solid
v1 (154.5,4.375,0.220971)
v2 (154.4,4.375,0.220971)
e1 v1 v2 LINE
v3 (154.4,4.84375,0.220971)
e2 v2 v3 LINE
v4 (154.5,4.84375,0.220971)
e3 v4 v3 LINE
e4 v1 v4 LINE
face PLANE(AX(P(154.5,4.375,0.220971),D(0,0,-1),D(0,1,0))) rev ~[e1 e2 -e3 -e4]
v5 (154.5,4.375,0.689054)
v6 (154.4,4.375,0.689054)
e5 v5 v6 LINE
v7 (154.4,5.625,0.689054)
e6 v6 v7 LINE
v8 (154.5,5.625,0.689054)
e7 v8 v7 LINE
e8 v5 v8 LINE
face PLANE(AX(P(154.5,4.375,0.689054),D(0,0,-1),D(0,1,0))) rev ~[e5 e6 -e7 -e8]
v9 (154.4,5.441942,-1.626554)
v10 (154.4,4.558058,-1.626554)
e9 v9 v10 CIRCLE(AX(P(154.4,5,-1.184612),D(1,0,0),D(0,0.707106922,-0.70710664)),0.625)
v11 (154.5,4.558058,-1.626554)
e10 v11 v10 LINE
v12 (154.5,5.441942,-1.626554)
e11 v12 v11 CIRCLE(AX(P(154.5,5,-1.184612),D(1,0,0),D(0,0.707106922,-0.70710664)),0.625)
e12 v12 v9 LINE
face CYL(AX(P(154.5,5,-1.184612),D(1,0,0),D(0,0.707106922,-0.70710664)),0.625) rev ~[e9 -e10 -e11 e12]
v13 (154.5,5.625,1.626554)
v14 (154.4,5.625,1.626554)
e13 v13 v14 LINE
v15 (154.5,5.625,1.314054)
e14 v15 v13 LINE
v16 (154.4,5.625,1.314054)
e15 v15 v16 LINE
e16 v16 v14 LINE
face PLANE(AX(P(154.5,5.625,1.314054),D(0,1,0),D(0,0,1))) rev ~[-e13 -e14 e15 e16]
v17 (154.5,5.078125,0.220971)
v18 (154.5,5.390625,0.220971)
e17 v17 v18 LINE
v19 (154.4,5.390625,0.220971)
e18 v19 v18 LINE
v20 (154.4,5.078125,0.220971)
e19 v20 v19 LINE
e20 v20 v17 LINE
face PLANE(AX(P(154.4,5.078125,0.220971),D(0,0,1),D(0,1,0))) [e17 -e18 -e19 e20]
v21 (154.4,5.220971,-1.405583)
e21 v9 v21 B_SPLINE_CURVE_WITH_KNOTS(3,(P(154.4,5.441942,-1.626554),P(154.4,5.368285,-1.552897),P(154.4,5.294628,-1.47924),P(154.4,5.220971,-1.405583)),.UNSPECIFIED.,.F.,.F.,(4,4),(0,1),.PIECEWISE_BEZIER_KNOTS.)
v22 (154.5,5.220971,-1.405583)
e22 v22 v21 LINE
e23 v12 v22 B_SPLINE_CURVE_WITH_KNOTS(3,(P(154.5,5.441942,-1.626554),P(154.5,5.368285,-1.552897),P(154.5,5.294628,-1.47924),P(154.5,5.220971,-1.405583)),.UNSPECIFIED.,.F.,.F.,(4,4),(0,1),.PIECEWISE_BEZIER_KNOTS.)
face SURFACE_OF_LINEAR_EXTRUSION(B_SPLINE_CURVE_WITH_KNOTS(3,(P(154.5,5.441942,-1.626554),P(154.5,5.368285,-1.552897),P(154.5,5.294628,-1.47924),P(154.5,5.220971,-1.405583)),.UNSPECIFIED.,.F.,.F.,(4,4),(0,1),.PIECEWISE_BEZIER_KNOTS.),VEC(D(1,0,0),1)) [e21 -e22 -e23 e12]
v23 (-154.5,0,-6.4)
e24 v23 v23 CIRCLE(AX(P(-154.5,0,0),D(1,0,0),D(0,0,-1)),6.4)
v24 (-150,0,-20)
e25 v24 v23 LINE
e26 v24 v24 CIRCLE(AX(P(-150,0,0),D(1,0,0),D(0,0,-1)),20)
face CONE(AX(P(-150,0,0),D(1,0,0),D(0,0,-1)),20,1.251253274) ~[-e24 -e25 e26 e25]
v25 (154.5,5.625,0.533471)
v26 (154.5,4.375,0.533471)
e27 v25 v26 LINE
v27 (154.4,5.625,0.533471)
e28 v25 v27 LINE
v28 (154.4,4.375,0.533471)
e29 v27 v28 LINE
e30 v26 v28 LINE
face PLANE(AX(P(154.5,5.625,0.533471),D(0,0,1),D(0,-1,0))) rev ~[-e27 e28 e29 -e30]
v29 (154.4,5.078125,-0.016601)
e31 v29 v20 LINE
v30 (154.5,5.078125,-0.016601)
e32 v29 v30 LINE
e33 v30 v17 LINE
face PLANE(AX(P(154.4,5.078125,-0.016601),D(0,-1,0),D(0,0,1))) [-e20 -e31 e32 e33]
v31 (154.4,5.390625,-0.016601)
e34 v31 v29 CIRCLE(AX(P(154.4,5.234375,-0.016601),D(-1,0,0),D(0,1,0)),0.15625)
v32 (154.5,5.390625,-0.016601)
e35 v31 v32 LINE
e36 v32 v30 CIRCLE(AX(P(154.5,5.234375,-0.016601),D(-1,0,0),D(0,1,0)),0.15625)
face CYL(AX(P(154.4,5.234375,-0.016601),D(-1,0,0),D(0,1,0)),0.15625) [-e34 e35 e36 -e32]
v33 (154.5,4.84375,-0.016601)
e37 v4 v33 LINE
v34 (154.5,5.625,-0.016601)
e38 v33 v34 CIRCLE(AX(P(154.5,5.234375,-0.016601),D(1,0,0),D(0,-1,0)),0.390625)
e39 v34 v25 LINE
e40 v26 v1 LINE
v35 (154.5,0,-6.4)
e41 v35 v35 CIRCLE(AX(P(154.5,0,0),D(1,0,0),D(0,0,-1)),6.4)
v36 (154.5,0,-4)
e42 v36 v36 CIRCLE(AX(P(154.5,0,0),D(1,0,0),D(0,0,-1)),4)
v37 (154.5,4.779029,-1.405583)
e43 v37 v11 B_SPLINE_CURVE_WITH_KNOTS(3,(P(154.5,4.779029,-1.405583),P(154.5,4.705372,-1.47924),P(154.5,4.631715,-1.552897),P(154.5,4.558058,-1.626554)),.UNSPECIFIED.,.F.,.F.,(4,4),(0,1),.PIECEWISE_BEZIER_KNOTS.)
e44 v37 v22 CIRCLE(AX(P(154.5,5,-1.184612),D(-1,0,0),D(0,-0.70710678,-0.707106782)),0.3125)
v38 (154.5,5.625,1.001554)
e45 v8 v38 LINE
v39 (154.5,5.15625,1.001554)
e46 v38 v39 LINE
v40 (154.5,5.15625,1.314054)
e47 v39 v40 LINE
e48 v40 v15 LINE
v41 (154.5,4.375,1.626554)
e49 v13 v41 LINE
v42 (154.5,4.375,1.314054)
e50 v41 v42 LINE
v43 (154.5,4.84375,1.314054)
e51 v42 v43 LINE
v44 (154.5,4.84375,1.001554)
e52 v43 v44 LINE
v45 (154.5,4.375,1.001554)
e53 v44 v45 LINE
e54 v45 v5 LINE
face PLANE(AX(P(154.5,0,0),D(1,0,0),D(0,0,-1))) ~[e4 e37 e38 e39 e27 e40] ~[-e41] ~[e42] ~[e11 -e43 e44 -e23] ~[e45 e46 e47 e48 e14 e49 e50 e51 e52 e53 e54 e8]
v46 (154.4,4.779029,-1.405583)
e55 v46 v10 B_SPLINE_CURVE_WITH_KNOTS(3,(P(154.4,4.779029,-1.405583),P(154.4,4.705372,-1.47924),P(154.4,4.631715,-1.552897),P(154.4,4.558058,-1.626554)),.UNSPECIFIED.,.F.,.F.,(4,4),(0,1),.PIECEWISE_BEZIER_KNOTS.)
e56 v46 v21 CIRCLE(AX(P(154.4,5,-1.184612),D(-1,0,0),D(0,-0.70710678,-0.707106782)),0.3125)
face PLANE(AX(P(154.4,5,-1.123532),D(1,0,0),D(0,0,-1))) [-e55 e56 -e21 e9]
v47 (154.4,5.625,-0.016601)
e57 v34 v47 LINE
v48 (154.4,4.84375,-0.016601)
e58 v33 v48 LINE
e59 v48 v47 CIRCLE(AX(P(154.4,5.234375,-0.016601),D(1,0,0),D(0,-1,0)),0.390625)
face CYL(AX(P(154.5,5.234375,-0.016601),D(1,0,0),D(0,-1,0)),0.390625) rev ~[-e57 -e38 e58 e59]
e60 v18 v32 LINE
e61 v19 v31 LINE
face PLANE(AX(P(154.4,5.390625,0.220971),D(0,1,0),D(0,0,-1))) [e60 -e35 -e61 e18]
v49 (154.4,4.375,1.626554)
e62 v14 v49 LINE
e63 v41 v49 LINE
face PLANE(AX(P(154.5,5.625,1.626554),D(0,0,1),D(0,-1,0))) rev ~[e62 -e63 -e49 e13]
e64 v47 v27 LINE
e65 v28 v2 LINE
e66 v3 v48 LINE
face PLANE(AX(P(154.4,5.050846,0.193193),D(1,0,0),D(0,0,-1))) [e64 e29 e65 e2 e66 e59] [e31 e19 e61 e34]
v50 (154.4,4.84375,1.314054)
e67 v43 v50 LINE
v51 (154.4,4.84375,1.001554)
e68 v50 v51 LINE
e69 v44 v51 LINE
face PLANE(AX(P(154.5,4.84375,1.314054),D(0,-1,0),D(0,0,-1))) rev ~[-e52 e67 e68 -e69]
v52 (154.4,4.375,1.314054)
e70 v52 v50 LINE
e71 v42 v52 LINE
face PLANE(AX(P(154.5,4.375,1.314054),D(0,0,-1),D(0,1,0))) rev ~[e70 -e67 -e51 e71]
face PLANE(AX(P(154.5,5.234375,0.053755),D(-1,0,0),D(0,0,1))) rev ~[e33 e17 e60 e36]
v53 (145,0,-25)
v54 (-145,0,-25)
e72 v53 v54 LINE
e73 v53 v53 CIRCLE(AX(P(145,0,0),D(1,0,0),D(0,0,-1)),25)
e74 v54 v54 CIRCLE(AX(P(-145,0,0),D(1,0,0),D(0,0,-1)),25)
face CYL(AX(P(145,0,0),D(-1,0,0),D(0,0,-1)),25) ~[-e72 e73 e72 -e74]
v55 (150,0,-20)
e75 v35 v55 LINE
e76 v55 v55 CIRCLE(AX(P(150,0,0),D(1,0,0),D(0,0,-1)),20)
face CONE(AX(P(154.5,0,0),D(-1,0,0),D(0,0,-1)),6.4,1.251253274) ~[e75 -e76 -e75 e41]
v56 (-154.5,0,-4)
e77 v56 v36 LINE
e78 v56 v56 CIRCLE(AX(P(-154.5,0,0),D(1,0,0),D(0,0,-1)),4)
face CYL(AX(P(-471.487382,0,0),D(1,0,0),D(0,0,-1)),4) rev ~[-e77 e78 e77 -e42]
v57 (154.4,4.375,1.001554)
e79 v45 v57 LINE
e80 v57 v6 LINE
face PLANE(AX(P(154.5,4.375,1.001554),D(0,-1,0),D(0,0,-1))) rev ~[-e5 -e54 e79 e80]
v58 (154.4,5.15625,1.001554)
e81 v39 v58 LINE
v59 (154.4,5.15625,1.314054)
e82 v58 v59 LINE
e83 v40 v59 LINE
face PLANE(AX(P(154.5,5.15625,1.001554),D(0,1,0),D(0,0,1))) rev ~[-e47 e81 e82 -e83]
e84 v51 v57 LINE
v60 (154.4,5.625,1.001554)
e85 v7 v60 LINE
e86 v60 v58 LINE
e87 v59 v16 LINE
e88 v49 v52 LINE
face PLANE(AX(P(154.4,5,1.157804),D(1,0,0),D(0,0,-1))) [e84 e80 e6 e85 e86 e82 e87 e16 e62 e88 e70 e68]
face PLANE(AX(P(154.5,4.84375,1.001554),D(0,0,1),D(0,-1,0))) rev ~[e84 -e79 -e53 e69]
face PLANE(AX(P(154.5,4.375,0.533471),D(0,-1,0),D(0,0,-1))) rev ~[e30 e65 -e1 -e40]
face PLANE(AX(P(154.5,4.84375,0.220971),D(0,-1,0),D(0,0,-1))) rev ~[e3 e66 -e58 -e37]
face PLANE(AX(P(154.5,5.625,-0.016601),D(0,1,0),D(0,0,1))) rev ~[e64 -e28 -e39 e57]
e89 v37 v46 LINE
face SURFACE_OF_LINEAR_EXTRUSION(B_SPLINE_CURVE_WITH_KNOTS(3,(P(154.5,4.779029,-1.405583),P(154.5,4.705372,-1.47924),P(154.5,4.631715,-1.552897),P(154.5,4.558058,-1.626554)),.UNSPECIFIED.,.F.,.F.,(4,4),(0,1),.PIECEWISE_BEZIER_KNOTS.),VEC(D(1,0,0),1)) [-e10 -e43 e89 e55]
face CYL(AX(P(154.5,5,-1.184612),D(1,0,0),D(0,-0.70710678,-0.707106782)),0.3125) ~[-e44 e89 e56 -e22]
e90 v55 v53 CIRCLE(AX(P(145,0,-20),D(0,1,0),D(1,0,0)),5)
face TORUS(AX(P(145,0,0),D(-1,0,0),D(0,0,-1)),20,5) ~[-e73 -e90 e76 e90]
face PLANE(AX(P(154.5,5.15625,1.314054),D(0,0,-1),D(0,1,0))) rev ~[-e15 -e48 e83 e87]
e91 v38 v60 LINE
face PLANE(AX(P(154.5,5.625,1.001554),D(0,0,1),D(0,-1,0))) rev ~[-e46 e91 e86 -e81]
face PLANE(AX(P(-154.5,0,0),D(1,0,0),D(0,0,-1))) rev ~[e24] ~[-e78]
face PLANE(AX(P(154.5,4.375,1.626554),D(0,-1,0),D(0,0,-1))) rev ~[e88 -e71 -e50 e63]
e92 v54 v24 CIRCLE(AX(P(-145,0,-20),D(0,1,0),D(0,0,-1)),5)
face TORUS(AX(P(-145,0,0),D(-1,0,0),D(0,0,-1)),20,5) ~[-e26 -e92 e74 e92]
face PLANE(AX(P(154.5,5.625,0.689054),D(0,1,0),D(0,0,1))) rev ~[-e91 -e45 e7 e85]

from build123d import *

# Parameters (mm, degrees)
ENL_V_MAT_EXTRU_1_DEPTH       = 0.1
BOSS_EXTRU_1_DEPTH            = 0.1
ENL_V_MAT_EXTRU_2_DEPTH       = 0.1
ENL_V_MAT_EXTRU_3_DEPTH       = 0.1
DIAM_TRE_DU_PER_AGE_8_0_8_1_D = 8


with BuildPart() as part:
    # Esquisse1 → Révolution1 (revolve)
    with BuildSketch(Plane.XY, mode=Mode.PRIVATE) as r_volution1_sk:
        with BuildLine():
            Line((-154.5, 6.4), (-154.5, 0))
            Line((-154.5, 0), (154.5, 0))
            Line((154.5, 0), (154.5, 6.4))
            Line((154.5, 6.4), (150, 20))
            ThreePointArc((150, 20), (148.535533906, 23.535533906), (145, 25))
            Line((145, 25), (-145, 25))
            ThreePointArc((-145, 25), (-148.535533906, 23.535533906), (-150, 20))
            Line((-150, 20), (-154.5, 6.4))
        make_face()
    revolve(r_volution1_sk.sketch.rotate(Axis((-154.5, 0, 0), (1, 0, 0)), 270), axis=Axis((-154.5, 0, 0), (1, 0, 0)))

    # Esquisse2 → Enlèv. mat.-Extru.1 (cut)
    with BuildSketch(Plane(origin=(154.5, 0, 0), x_dir=(0, 0, -1), z_dir=(1, 0, 0))):
        with BuildLine():
            Line((-0.220970869, 4.84375), (0.016600829, 4.84375))
            ThreePointArc((0.016600829, 4.84375), (0.407225829, 5.234375), (0.016600829, 5.625))
            Line((0.016600829, 5.625), (-0.533470869, 5.625))
            Line((-0.533470869, 5.625), (-0.533470869, 4.375))
            Line((-0.533470869, 4.375), (-0.220970869, 4.375))
            Line((-0.220970869, 4.375), (-0.220970869, 4.84375))
        make_face()
    extrude(amount=-ENL_V_MAT_EXTRU_1_DEPTH, mode=Mode.SUBTRACT)

    # Esquisse3 → Boss.-Extru.1 (add)
    with BuildSketch(Plane(origin=(154.4, 0, 0), x_dir=(0, 0, -1), z_dir=(1, 0, 0))):
        with BuildLine():
            Line((-0.220970869, 5.390625), (0.016600773, 5.390625))
            ThreePointArc((0.016600773, 5.390625), (0.172850773, 5.234375), (0.016600773, 5.078125))
            Line((0.016600773, 5.078125), (-0.220970869, 5.078125))
            Line((-0.220970869, 5.078125), (-0.220970869, 5.390625))
        make_face()
    extrude(amount=BOSS_EXTRU_1_DEPTH)

    # Esquisse4 → Enlèv. mat.-Extru.2 (cut)
    with BuildSketch(Plane(origin=(154.5, 0, 0), x_dir=(0, 0, -1), z_dir=(1, 0, 0))):
        Polygon((-1.001554062, 5.15625), (-1.314054062, 5.15625), (-1.314054062, 5.625), (-1.626554062, 5.625), (-1.626554062, 4.375), (-1.314054062, 4.375), (-1.314054062, 4.84375), (-1.001554062, 4.84375), (-1.001554062, 4.375), (-0.689054062, 4.375), (-0.689054062, 5.625), (-1.001554062, 5.625), align=None)
    extrude(amount=-ENL_V_MAT_EXTRU_2_DEPTH, mode=Mode.SUBTRACT)

    # Esquisse5 → Enlèv. mat.-Extru.3 (cut)
    with BuildSketch(Plane(origin=(154.5, 0, 0), x_dir=(0, 0, -1), z_dir=(1, 0, 0))):
        with BuildLine():
            ThreePointArc((1.626553937, 5.441941613), (0.5596125, 5), (1.626554062, 4.558058262))
            add(Edge.make_bspline(
                [(1.405583193, 4.779029131), (1.479240149, 4.705372175), (1.552897105, 4.631715218), (1.626554062, 4.558058262)],
                knots=[0, 0, 0, 0, 1, 1, 1, 1], degree=3))
            ThreePointArc((1.405583193, 4.779029131), (0.872112323, 5), (1.405583193, 5.220970869))
            add(Edge.make_bspline(
                [(1.626553937, 5.441941613), (1.552897022, 5.368284699), (1.479240107, 5.294627784), (1.405583193, 5.220970869)],
                knots=[0, 0, 0, 0, 1, 1, 1, 1], degree=3))
        make_face()
    extrude(amount=-ENL_V_MAT_EXTRU_3_DEPTH, mode=Mode.SUBTRACT)

    # Diamètre du perçage Ø8.0 (8)1 (through all)
    with Locations(Plane.ZY.offset(154.5)):
        with Locations((0, 0)):
            Hole(DIAM_TRE_DU_PER_AGE_8_0_8_1_D / 2)


solid = part.part
